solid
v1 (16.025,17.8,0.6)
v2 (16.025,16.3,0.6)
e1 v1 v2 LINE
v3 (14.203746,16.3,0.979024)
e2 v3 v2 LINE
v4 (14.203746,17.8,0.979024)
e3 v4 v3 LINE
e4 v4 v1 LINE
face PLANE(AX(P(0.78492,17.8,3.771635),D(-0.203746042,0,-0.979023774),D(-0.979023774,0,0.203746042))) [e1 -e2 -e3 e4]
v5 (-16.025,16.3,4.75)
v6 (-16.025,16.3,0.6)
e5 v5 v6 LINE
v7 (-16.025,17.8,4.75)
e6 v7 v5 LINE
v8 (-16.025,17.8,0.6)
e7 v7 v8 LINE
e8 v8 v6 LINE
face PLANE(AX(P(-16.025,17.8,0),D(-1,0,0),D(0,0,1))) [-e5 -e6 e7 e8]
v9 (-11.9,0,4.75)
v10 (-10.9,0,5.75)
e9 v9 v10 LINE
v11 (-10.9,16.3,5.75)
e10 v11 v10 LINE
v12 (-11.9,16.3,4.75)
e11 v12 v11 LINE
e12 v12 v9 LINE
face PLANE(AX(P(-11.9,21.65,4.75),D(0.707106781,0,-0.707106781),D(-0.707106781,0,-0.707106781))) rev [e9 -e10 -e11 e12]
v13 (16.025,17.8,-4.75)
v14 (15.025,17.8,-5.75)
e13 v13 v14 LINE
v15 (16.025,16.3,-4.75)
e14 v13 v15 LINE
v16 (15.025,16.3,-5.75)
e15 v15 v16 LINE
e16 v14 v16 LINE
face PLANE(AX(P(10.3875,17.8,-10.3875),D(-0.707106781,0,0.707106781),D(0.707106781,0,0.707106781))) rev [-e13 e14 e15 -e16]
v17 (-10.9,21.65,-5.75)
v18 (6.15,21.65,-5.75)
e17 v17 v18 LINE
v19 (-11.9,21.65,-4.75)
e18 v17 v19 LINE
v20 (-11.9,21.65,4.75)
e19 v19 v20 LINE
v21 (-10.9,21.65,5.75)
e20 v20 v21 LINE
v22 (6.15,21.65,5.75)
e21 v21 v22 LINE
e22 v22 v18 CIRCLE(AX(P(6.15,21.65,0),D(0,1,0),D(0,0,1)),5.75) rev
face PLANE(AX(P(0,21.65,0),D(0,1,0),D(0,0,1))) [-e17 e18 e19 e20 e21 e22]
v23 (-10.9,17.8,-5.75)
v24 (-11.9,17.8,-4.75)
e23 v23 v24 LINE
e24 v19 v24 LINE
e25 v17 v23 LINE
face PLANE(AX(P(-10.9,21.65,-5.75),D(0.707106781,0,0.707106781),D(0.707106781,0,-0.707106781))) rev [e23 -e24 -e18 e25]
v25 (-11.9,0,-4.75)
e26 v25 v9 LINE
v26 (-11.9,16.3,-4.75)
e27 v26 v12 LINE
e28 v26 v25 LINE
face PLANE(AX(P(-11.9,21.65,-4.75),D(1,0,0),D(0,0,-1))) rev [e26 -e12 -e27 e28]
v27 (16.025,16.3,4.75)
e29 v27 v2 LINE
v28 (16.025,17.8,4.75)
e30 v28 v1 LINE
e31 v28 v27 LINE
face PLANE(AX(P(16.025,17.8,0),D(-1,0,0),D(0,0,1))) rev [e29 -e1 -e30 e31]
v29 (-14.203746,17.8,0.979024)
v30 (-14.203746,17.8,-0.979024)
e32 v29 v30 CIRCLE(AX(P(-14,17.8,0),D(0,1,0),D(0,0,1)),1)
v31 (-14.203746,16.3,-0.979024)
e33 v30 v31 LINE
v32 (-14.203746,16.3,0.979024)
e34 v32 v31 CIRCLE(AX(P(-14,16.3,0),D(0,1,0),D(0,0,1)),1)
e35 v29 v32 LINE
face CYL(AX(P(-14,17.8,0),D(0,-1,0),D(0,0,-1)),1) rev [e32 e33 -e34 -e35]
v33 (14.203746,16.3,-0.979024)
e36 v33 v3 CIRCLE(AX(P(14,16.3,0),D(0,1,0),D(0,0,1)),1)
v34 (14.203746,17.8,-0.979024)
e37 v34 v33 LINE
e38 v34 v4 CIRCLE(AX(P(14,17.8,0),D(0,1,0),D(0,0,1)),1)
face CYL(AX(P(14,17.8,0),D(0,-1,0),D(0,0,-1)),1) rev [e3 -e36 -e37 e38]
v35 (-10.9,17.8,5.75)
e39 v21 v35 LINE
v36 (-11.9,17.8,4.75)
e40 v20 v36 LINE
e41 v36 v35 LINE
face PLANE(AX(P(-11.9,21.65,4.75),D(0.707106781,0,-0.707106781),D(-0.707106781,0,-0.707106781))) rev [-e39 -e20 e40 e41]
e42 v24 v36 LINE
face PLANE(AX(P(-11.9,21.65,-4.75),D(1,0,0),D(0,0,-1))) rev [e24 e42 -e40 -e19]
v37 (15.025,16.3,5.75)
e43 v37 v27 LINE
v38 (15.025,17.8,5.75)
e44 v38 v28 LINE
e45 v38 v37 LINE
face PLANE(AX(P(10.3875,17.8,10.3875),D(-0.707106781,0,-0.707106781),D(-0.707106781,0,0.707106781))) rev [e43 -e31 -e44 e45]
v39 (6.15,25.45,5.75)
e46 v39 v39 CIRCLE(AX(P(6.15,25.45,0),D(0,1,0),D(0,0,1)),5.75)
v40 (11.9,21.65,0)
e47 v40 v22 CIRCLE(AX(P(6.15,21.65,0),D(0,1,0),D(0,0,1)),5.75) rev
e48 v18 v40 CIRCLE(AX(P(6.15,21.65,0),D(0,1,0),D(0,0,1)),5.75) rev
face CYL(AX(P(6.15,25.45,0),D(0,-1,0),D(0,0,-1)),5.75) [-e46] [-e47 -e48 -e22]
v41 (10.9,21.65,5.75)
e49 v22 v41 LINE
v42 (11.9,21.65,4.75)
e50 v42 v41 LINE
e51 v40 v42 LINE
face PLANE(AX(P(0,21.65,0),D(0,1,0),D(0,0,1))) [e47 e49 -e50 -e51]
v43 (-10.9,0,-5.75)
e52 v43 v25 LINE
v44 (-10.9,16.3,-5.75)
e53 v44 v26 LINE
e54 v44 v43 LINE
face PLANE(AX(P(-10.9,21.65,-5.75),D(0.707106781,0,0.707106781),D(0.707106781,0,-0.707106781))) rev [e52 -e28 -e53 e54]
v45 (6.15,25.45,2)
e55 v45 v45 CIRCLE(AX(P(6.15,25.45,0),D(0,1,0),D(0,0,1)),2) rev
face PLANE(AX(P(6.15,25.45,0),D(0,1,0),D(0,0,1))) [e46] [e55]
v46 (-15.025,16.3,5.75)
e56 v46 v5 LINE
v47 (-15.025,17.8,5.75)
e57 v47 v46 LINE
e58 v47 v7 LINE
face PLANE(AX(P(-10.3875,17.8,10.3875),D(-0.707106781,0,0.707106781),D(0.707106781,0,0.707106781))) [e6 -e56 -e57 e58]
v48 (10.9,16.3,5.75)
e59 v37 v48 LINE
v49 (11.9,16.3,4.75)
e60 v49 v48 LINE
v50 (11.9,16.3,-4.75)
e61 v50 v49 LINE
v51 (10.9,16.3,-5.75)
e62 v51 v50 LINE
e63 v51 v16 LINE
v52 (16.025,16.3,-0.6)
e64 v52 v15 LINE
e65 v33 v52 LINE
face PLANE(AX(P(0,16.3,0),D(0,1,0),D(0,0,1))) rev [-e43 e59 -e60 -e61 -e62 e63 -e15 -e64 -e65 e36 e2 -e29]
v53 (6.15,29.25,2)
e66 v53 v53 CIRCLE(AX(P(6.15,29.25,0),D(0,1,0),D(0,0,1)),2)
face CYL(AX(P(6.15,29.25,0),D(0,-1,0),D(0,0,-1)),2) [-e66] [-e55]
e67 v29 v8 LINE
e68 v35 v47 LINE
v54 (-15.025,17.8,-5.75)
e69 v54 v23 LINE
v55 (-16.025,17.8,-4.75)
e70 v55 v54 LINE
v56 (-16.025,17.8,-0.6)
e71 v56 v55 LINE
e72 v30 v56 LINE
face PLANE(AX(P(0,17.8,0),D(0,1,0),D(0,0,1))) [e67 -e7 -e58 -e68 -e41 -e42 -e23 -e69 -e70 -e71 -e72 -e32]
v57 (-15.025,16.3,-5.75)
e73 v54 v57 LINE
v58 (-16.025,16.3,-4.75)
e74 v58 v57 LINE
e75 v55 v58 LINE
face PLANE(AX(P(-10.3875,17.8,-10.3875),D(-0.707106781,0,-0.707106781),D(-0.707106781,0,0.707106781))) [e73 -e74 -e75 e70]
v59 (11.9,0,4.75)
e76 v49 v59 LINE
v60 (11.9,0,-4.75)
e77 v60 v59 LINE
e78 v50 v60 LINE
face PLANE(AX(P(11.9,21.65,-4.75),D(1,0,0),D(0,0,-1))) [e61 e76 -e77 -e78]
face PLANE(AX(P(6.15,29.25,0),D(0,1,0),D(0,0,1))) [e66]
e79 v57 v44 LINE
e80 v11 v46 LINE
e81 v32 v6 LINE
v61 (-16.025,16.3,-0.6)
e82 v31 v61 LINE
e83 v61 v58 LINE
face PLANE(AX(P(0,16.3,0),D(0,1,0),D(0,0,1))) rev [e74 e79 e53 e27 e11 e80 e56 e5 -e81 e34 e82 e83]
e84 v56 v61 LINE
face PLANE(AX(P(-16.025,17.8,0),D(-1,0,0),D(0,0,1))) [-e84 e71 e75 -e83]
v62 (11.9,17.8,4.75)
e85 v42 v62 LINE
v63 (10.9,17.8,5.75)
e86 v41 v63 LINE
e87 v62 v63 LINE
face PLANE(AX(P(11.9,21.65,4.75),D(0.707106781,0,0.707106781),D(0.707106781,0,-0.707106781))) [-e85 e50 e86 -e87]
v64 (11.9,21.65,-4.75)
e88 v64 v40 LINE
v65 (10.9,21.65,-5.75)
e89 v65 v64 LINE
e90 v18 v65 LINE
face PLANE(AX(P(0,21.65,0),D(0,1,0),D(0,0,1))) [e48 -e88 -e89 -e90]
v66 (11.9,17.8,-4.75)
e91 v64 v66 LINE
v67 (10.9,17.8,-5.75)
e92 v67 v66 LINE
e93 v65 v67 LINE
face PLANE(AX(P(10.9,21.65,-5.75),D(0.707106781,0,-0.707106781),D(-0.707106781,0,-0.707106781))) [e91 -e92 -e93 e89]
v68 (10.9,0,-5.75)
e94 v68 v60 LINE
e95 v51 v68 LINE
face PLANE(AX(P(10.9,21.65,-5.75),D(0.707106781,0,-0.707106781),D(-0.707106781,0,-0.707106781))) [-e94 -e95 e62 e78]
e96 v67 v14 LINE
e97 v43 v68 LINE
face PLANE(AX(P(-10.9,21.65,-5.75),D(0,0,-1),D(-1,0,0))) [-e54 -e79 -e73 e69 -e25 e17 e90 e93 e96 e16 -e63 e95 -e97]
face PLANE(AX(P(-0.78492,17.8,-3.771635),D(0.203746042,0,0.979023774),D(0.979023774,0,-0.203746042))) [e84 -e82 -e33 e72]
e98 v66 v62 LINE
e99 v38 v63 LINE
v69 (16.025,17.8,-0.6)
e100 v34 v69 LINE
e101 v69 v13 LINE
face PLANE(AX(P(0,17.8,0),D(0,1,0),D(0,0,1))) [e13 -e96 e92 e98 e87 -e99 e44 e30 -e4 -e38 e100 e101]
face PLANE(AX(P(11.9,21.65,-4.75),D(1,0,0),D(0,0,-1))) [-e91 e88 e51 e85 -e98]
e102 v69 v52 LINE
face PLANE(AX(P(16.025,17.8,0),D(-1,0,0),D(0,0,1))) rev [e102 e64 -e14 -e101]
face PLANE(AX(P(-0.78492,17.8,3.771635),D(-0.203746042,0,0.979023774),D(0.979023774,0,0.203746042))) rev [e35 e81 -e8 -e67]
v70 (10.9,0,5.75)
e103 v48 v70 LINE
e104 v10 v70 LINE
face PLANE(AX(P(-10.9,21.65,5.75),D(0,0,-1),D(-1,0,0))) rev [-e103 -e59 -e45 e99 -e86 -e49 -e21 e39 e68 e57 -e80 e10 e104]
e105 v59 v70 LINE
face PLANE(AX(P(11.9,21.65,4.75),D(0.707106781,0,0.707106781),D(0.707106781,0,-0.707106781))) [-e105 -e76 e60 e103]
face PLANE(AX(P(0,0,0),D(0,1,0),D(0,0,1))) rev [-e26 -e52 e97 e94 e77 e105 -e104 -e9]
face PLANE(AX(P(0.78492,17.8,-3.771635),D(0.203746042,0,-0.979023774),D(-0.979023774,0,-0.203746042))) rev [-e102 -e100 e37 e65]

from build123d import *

# Parameters (mm, degrees)
BOSS_EXTRUDE1_DEPTH = 21.65
SKETCH1_3_R         = 5.75
BOSS_EXTRUDE2_DEPTH = 25.45
SKETCH1_4_R         = 2
BOSS_EXTRUDE3_DEPTH = 29.25
BOSS_EXTRUDE4_START = 16.3
BOSS_EXTRUDE4_DEPTH = 1.5


with BuildPart() as part:
    # Sketch1 → Boss-Extrude1 (new body)
    with BuildSketch(Plane(origin=(0, 0, 0), x_dir=(1, 0, 0), z_dir=(0, 1, 0))):
        Polygon((-10.9, -5.75), (10.9, -5.75), (11.9, -4.75), (11.9, 4.75), (10.9, 5.75), (-10.9, 5.75), (-11.9, 4.75), (-11.9, -4.75), align=None)
    extrude(amount=BOSS_EXTRUDE1_DEPTH)

    # Sketch1<3> → Boss-Extrude2 (add)
    with BuildSketch(Plane(origin=(0, 0, 0), x_dir=(1, 0, 0), z_dir=(0, 1, 0))):
        with Locations((6.15, 0)):
            Circle(SKETCH1_3_R)
    extrude(amount=BOSS_EXTRUDE2_DEPTH)

    # Sketch1<4> → Boss-Extrude3 (add)
    with BuildSketch(Plane(origin=(0, 0, 0), x_dir=(1, 0, 0), z_dir=(0, 1, 0))):
        with Locations((6.15, 0)):
            Circle(SKETCH1_4_R)
    extrude(amount=BOSS_EXTRUDE3_DEPTH)

    # Sketch1<5> → Boss-Extrude4 (add)
    with BuildSketch(Plane(origin=(0, 0, 0), x_dir=(1, 0, 0), z_dir=(0, 1, 0)).offset(BOSS_EXTRUDE4_START)):
        with BuildLine():
            Line((-15.025, -5.75), (-10.9, -5.75))
            Line((-10.9, -5.75), (-11.9, -4.75))
            Line((-11.9, -4.75), (-11.9, 4.75))
            Line((-11.9, 4.75), (-10.9, 5.75))
            Line((-10.9, 5.75), (-15.025, 5.75))
            Line((-15.025, 5.75), (-16.025, 4.75))
            Line((-16.025, 4.75), (-16.025, 0.6))
            Line((-16.025, 0.6), (-14.203746042, 0.979023774))
            ThreePointArc((-14.203746042, 0.979023774), (-13, 0), (-14.203746042, -0.979023774))
            Line((-14.203746042, -0.979023774), (-16.025, -0.6))
            Line((-16.025, -0.6), (-16.025, -4.75))
            Line((-16.025, -4.75), (-15.025, -5.75))
        make_face()
        with BuildLine():
            Line((11.9, -4.75), (10.9, -5.75))
            Line((10.9, -5.75), (15.025, -5.75))
            Line((15.025, -5.75), (16.025, -4.75))
            Line((16.025, -4.75), (16.025, -0.6))
            Line((16.025, -0.6), (14.203746042, -0.979023774))
            ThreePointArc((14.203746042, -0.979023774), (13, 0), (14.203746042, 0.979023774))
            Line((14.203746042, 0.979023774), (16.025, 0.6))
            Line((16.025, 0.6), (16.025, 4.75))
            Line((16.025, 4.75), (15.025, 5.75))
            Line((15.025, 5.75), (10.9, 5.75))
            Line((10.9, 5.75), (11.9, 4.75))
            Line((11.9, 4.75), (11.9, -4.75))
        make_face()
    extrude(amount=BOSS_EXTRUDE4_DEPTH)


solid = part.part
